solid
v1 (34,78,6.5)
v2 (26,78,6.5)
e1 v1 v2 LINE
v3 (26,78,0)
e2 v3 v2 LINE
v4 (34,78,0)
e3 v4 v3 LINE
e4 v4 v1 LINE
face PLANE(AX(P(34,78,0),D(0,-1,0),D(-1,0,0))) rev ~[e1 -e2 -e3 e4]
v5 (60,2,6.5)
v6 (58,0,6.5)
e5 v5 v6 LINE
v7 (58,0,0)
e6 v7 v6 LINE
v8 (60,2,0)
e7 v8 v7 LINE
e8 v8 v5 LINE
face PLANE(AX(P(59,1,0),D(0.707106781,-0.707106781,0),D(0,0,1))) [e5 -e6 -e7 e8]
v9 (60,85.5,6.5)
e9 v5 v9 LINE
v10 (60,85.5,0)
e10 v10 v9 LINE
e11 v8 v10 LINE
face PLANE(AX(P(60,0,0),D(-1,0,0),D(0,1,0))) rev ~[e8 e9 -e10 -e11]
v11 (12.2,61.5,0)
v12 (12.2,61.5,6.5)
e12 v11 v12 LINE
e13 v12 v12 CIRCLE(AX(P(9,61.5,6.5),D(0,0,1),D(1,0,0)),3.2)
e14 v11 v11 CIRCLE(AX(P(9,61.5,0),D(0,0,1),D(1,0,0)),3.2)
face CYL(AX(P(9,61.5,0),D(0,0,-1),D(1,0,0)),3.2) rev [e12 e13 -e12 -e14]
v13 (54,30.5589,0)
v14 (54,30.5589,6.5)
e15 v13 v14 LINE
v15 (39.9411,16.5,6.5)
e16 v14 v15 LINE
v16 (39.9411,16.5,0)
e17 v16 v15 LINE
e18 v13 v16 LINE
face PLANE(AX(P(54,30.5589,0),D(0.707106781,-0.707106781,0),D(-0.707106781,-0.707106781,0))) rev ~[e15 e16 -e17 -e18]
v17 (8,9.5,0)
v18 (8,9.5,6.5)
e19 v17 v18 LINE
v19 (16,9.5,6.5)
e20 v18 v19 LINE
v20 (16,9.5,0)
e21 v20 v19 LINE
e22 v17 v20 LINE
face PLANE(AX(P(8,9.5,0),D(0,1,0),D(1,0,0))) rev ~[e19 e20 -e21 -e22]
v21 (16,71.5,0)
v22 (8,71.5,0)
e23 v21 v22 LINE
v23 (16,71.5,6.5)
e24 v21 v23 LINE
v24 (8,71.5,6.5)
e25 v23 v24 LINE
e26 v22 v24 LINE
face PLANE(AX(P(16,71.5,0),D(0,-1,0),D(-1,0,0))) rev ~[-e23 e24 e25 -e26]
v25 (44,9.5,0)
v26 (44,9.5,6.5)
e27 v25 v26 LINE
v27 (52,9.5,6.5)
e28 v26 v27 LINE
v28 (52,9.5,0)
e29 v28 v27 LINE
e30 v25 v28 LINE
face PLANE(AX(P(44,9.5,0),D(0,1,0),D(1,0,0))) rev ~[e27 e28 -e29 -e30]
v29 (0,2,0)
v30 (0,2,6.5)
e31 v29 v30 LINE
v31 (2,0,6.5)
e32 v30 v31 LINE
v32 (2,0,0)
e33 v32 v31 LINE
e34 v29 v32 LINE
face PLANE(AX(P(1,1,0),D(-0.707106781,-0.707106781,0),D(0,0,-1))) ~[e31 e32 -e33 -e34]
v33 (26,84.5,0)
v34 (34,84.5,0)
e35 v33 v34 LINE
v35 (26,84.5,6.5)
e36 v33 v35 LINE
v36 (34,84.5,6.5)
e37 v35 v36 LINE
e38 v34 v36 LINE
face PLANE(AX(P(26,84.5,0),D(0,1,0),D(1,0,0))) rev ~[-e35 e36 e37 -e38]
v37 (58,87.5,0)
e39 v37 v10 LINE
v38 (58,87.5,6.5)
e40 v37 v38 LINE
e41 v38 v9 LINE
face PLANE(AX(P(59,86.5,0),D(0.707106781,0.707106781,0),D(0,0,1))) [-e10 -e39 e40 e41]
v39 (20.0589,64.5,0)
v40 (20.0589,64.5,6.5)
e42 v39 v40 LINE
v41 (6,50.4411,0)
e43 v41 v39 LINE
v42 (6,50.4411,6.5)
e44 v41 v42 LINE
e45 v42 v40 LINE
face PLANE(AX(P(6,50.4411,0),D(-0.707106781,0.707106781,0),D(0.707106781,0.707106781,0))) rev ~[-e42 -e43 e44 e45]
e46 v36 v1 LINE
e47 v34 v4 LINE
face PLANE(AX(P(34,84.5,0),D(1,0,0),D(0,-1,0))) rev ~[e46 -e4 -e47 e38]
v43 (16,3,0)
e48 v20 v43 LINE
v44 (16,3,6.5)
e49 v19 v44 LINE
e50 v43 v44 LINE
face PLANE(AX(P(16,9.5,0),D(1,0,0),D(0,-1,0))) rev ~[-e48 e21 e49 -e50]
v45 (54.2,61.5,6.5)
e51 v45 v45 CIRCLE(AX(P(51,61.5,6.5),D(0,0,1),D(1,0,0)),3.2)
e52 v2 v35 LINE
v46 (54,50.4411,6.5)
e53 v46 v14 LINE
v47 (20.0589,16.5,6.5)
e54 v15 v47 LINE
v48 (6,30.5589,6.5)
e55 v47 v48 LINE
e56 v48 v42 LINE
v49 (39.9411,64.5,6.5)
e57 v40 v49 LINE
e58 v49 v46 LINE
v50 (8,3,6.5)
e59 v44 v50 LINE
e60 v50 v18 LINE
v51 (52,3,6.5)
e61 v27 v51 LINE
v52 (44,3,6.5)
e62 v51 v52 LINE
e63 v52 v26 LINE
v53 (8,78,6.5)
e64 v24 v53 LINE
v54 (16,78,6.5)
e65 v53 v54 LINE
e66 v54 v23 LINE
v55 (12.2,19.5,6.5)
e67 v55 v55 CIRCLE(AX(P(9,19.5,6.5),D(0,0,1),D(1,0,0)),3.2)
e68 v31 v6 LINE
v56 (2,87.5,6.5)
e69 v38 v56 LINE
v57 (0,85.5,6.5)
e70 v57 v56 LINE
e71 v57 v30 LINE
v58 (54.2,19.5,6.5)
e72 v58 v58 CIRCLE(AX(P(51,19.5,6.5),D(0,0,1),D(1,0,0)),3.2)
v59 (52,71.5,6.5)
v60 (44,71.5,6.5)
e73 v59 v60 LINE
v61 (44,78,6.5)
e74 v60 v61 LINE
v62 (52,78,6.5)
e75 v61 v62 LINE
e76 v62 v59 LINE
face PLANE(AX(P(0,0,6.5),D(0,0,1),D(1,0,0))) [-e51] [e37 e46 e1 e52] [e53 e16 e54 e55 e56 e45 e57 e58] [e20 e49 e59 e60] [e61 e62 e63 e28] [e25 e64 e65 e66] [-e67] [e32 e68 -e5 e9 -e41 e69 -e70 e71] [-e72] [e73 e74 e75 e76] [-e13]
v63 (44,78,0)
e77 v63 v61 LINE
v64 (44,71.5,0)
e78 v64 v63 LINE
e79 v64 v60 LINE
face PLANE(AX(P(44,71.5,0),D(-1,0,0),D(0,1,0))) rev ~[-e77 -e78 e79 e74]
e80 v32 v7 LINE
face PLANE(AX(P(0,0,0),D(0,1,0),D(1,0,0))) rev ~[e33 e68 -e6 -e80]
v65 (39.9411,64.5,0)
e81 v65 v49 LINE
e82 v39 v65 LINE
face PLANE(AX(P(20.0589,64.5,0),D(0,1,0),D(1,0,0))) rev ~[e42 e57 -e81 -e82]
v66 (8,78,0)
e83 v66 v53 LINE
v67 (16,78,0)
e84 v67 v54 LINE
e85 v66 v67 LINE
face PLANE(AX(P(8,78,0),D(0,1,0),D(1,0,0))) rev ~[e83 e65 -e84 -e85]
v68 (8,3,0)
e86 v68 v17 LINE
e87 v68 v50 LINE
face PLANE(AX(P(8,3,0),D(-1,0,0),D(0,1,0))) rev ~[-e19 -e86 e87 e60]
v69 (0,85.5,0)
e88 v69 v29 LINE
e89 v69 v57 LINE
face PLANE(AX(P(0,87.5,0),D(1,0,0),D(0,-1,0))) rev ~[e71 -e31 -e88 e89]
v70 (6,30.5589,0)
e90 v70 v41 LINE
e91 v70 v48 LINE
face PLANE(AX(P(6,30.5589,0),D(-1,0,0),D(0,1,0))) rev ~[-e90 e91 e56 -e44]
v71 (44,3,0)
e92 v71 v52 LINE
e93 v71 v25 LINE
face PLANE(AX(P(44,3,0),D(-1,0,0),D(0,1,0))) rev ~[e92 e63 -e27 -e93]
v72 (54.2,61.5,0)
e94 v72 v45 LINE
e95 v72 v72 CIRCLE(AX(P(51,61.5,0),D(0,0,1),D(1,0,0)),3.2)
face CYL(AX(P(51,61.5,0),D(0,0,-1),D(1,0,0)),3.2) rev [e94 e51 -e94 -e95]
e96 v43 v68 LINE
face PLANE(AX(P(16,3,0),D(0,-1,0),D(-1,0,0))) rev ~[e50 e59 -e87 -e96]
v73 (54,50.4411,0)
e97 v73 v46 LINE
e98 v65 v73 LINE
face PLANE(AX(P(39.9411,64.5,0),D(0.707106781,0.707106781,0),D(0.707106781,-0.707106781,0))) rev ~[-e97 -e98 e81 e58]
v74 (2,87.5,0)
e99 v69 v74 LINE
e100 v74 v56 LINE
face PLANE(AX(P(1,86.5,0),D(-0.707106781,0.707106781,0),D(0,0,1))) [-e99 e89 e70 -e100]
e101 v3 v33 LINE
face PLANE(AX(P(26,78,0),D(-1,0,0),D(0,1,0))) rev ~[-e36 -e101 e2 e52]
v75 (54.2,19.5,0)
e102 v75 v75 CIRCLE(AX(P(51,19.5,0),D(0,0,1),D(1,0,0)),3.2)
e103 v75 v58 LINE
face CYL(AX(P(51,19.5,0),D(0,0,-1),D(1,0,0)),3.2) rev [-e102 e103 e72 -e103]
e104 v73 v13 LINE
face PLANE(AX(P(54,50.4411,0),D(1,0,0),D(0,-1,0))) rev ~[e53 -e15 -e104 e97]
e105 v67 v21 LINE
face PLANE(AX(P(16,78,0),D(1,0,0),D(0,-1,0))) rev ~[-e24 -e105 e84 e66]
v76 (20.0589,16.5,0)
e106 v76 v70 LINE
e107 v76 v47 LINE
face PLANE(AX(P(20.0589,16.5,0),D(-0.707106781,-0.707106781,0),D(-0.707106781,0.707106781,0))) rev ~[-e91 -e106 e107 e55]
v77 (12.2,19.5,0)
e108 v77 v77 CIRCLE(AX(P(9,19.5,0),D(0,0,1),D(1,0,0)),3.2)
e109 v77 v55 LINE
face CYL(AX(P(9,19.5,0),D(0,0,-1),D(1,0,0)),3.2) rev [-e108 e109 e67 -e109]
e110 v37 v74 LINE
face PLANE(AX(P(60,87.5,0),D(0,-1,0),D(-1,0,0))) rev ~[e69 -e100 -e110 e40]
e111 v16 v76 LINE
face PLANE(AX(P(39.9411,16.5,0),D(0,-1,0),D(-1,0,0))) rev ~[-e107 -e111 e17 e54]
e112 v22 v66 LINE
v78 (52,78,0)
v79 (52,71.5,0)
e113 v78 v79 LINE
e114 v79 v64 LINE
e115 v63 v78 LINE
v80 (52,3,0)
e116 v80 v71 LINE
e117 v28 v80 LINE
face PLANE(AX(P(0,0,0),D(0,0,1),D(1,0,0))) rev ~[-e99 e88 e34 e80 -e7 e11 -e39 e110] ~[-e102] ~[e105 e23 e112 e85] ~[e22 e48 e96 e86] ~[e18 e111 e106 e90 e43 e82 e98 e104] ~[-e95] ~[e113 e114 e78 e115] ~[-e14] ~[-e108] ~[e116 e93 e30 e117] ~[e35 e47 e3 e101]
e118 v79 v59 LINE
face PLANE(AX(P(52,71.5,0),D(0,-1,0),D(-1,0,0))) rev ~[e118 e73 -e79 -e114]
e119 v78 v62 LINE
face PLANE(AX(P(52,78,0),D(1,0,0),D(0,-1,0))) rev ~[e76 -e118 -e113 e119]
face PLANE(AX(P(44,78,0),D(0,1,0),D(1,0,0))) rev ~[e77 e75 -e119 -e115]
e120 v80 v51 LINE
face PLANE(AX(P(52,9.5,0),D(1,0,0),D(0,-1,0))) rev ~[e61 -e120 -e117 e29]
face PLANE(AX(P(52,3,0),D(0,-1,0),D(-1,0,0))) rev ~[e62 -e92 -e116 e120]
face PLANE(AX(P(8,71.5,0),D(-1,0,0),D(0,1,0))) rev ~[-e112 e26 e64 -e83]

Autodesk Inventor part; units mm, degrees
ref_plane "YZ Plane" through (0, 0, 0) normal (1, 0, 0) x (0, 1, 0)
ref_plane "XZ Plane" through (0, 0, 0) normal (0, 1, 0) x (-1, 0, 0)
ref_plane "XY Plane" through (0, 0, 0) normal (0, 0, 1) x (1, 0, 0)
sketch "Sketch1" plane through (0, 0, 0) normal (0, 0, 1) x (1, 0, 0)
  line L0 (0, 0) -> (60, 0)
  line L1 (60, 0) -> (60, 87.5)
  line L2 (60, 87.5) -> (0, 87.5)
  line L3 (0, 87.5) -> (0, 0)
  line L4 (54, 30.5589) -> (39.9411, 16.5)
  line L5 (39.9411, 16.5) -> (20.0589, 16.5)
  line L6 (20.0589, 16.5) -> (6, 30.5589)
  line L7 (6, 30.5589) -> (6, 50.4411)
  line L8 (6, 50.4411) -> (20.0589, 64.5)
  line L9 (20.0589, 64.5) -> (39.9411, 64.5)
  line L10 (39.9411, 64.5) -> (54, 50.4411)
  line L11 (54, 50.4411) -> (54, 30.5589)
  line L12 (9, 61.5) -> (51, 61.5) construction
  line L13 (51, 61.5) -> (51, 19.5) construction
  line L14 (51, 19.5) -> (9, 19.5) construction
  line L15 (9, 19.5) -> (9, 61.5) construction
  circle A0 centre (9, 61.5) radius 3.2
  circle A1 centre (9, 19.5) radius 3.2
  circle A2 centre (51, 19.5) radius 3.2
  circle A3 centre (51, 61.5) radius 3.2
  line L16 (8, 9.5) -> (16, 9.5)
  line L17 (16, 9.5) -> (16, 3)
  line L18 (16, 3) -> (8, 3)
  line L19 (8, 3) -> (8, 9.5)
  line L20 (44, 9.5) -> (52, 9.5)
  line L21 (52, 9.5) -> (52, 3)
  line L22 (52, 3) -> (44, 3)
  line L23 (44, 3) -> (44, 9.5)
  line L24 (8, 78) -> (16, 78)
  line L25 (16, 78) -> (16, 71.5)
  line L26 (16, 71.5) -> (8, 71.5)
  line L27 (8, 71.5) -> (8, 78)
  line L28 (44, 78) -> (52, 78)
  line L29 (52, 78) -> (52, 71.5)
  line L30 (52, 71.5) -> (44, 71.5)
  line L31 (44, 71.5) -> (44, 78)
  line L32 (26, 84.5) -> (34, 84.5)
  line L33 (34, 84.5) -> (34, 78)
  line L34 (34, 78) -> (26, 78)
  line L35 (26, 78) -> (26, 84.5)
  line L36 (12, 71.5) -> (12, 9.5) construction
  point P0 (30, 40.5)
  point P1 (30, 61.5)
  point P2 (30, 64.5)
  point P3 (9, 40.5)
  point P4 (6, 40.5)
  point P5 (12, 40.5)
  point P6 (30, 78)
  dimension "d0" = 42
  dimension "d1" = 42
  dimension "d2" = 48
  dimension "d3" = 6.4
  dimension "d4" = 6.4
  dimension "d5" = 6.4
  dimension "d6" = 6.4
  dimension "d7" = 6.5
  dimension "d8" = 8
  dimension "d9" = 6.5
  dimension "d10" = 8
  dimension "d11" = 3
  dimension "d12" = 8
  dimension "d13" = 6.5
  dimension "d14" = 3
  dimension "d15" = 87.5
  dimension "d16" = 6
  dimension "d17" = 6
  dimension "d18" = 8
  dimension "d19" = 8
extrude "Extrusion1" add sketch "Sketch1" along normal blind 6.5
chamfer "Chamfer1" distance 2 angle 45 4 edges at (0, 0, 3.25) (60, 0, 3.25) (60, 87.5, 3.25) (0, 87.5, 3.25)
properties part number "x_iddler_c_mount"
